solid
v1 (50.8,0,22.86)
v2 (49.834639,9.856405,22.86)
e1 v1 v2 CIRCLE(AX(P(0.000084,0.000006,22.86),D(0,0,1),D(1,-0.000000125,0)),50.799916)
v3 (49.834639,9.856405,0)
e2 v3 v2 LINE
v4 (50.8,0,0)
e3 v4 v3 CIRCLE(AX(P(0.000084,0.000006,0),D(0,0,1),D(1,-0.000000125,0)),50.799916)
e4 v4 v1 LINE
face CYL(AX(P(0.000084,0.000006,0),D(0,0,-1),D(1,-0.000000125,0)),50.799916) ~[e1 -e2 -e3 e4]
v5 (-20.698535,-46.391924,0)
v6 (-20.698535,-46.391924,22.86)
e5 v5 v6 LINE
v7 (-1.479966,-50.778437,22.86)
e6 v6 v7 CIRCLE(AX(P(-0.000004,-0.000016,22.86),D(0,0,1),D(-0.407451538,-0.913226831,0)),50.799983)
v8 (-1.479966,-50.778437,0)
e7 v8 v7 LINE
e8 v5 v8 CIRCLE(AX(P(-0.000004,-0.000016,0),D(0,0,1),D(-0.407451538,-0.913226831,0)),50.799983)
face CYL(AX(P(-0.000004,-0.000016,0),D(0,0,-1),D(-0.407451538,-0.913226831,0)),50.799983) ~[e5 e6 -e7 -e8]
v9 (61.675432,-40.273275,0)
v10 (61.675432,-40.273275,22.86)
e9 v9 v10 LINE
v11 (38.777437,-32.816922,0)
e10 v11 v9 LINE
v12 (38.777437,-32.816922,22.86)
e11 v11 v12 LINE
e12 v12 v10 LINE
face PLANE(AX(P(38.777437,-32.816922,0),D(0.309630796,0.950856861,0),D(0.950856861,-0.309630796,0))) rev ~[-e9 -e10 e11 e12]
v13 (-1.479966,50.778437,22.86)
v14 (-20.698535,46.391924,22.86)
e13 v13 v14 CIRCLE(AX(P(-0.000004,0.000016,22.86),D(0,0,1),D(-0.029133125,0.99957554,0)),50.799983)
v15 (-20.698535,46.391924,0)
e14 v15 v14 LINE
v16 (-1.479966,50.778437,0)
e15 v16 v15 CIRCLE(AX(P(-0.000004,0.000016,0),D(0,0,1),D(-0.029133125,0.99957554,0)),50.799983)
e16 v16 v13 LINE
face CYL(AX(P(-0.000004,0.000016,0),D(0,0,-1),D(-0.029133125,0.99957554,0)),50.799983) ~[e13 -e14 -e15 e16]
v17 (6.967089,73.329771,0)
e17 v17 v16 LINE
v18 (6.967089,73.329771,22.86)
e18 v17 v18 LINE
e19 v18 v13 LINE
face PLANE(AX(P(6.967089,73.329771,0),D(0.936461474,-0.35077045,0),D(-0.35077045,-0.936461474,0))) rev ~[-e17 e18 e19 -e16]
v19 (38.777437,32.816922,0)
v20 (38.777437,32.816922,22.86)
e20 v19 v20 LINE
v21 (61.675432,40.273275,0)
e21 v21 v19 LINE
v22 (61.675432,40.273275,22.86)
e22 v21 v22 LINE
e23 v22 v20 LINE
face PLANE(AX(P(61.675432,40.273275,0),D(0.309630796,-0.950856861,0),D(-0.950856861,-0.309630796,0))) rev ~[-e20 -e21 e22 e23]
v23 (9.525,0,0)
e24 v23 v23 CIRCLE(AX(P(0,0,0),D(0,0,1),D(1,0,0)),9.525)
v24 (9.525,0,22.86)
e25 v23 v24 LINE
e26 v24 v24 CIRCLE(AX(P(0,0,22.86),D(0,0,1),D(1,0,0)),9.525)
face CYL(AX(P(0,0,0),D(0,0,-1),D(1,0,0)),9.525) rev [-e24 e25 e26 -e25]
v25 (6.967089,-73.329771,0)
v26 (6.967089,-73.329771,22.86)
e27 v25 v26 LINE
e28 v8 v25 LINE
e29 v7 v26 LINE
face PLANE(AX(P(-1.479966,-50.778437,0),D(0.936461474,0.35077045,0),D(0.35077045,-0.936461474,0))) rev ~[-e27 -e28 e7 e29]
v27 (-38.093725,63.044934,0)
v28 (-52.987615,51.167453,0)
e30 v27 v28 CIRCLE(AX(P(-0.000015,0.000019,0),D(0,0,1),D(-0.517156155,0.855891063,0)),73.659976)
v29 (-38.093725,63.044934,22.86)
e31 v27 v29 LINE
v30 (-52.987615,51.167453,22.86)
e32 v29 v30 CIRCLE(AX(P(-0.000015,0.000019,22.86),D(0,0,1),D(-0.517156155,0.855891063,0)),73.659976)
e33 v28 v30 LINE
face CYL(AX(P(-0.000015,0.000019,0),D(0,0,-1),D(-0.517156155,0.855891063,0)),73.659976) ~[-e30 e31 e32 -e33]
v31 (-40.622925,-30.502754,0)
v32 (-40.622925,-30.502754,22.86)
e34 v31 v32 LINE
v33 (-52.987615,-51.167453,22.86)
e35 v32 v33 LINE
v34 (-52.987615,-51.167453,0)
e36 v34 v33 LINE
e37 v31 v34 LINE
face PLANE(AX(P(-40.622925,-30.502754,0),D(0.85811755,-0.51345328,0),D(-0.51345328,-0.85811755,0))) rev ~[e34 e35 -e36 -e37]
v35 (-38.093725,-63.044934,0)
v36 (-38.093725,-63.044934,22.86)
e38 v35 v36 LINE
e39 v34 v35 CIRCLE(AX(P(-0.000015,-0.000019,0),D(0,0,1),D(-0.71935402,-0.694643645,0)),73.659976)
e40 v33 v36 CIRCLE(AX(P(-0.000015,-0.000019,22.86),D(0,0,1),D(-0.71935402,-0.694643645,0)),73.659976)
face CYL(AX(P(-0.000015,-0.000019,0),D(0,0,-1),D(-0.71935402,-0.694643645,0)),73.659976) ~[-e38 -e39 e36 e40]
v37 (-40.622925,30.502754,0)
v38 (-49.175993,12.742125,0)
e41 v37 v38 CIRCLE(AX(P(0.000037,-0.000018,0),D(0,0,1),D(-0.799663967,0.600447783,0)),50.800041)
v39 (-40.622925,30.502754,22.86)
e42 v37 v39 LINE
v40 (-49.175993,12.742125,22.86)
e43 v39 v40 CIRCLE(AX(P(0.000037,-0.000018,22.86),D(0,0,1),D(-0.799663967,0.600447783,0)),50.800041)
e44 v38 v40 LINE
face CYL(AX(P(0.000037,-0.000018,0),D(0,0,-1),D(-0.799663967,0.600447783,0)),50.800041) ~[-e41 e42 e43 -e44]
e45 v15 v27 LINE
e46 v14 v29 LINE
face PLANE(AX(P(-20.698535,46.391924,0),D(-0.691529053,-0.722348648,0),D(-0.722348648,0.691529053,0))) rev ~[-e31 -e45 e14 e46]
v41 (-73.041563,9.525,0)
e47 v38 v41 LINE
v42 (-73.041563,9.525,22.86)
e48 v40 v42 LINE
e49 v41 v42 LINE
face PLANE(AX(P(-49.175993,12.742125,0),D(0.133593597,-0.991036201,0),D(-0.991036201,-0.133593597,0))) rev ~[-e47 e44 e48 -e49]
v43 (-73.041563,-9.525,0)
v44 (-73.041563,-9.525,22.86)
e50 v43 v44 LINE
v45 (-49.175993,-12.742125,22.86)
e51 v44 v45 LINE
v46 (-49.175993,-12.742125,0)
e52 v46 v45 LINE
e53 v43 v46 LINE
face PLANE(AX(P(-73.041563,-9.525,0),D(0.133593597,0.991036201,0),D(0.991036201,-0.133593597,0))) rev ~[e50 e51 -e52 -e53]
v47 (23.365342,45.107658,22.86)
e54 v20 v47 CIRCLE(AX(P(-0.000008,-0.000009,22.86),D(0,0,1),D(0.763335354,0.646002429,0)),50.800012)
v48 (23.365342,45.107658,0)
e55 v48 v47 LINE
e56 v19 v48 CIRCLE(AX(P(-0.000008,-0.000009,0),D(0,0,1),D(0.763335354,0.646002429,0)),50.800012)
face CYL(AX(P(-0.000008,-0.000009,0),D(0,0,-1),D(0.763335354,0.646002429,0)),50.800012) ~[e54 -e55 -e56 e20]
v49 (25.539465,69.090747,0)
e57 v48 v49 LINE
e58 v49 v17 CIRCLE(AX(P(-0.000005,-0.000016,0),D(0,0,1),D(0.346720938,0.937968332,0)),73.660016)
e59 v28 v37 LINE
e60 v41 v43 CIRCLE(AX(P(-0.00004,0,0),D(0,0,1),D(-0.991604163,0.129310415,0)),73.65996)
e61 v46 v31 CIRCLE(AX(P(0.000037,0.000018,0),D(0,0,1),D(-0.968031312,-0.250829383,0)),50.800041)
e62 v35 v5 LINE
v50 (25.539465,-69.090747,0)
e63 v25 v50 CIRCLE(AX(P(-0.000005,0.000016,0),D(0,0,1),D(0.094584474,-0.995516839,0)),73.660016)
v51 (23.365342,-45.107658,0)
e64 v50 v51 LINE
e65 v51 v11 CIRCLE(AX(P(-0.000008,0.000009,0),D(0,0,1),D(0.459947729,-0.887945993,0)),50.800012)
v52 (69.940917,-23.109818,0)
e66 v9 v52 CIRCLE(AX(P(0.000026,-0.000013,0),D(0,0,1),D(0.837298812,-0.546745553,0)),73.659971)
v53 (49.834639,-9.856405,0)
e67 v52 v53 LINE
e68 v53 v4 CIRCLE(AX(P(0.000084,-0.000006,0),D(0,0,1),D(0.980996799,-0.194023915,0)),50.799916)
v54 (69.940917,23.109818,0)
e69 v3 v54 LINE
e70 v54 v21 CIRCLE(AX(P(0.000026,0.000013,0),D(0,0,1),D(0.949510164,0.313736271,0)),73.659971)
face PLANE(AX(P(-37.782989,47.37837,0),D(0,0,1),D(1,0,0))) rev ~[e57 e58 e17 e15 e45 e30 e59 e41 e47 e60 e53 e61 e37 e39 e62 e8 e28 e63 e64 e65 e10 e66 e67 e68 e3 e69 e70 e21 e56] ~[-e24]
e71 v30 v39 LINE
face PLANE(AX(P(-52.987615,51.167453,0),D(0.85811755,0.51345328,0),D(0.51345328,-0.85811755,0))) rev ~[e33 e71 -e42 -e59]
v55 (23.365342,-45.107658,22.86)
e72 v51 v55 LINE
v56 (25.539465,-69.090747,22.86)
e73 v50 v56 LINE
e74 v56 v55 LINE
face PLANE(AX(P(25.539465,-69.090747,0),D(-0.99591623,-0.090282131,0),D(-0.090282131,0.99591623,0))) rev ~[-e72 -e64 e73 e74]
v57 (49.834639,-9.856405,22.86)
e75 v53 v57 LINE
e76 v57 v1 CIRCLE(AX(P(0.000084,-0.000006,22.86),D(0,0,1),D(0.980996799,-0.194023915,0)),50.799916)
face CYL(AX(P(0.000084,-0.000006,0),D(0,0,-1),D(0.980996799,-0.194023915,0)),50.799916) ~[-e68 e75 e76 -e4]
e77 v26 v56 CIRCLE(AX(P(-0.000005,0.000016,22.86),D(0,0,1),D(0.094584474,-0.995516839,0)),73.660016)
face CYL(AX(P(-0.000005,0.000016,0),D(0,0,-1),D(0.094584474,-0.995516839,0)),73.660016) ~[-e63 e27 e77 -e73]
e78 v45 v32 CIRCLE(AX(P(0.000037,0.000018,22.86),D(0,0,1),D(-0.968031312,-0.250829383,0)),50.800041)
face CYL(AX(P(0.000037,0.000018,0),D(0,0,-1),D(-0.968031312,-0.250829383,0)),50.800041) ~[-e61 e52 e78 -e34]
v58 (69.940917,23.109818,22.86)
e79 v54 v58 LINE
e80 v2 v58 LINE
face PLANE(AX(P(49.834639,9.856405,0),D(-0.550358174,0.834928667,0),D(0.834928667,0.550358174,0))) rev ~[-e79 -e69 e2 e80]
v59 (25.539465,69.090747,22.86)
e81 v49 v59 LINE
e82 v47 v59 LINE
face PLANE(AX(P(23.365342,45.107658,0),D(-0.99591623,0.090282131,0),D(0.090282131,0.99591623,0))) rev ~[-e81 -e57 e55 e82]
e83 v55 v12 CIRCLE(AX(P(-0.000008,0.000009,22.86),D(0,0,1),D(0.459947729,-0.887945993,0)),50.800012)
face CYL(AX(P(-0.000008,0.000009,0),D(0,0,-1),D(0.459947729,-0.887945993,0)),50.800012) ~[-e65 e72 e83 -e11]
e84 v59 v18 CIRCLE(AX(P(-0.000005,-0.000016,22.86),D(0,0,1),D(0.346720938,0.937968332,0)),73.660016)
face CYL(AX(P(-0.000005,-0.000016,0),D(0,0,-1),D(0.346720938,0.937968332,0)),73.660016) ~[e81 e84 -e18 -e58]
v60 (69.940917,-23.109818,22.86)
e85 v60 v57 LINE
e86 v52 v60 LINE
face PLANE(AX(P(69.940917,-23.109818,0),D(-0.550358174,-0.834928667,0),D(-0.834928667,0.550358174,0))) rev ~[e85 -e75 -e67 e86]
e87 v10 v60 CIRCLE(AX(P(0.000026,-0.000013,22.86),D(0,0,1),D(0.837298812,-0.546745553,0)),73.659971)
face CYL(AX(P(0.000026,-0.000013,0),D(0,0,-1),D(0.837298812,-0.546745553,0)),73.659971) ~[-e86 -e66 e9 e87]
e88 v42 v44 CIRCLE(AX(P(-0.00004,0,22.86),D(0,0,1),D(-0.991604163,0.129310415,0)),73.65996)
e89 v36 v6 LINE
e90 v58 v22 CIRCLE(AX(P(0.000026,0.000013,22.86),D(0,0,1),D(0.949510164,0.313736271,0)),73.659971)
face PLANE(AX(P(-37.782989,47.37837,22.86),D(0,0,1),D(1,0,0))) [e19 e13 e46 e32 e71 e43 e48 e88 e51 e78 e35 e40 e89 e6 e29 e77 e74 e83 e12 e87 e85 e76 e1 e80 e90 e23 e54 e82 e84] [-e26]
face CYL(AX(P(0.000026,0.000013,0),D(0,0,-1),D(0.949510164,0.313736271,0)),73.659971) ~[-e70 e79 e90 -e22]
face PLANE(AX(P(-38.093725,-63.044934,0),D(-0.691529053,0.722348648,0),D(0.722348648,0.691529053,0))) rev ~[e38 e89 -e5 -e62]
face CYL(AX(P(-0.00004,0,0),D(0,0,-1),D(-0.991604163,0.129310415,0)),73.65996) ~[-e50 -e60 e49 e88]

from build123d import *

# Parameters (mm, degrees)
F0_R     = 9.525
F1_DEPTH = 22.86


with BuildPart() as f1:
    # F0 (on Top) → F1 (new body)
    with BuildSketch(Plane.XY):
        with BuildLine():
            ThreePointArc((-40.622925, 30.502754), (-31.673282, 39.717039), (-20.698535, 46.391924))
            Line((-20.698535, 46.391924), (-38.093725, 63.044934))
            ThreePointArc((-38.093725, 63.044934), (-45.926259, 57.589707), (-52.987615, 51.167453))
            Line((-52.987615, 51.167453), (-40.622925, 30.502754))
        make_face()
        with BuildLine():
            Line((-18.179524, 43.980389), (-20.698535, 46.391924))
            ThreePointArc((-20.698535, 46.391924), (-31.673282, 39.717039), (-40.622925, 30.502754))
            Line((-40.622925, 30.502754), (-38.832384, 27.510282))
            Line((-38.832384, 27.510282), (-28.505954, 35.745335))
            Line((-28.505954, 35.745335), (-18.179524, 43.980389))
        make_face()
        with BuildLine():
            ThreePointArc((49.834639, -9.856405), (50.558084, -4.951784), (50.8, 0))
            ThreePointArc((50.8, 0), (50.558084, 4.951784), (49.834639, 9.856405))
            Line((49.834639, 9.856405), (46.923033, 7.937168))
            Line((46.923033, 7.937168), (41.192297, 19.837165))
            Line((41.192297, 19.837165), (35.46156, 31.737161))
            Line((35.46156, 31.737161), (38.777437, 32.816922))
            ThreePointArc((38.777437, 32.816922), (31.673282, 39.717039), (23.365342, 45.107658))
            Line((23.365342, 45.107658), (23.050505, 41.634648))
            Line((23.050505, 41.634648), (10.173657, 44.573704))
            Line((10.173657, 44.573704), (-2.703191, 47.512761))
            Line((-2.703191, 47.512761), (-1.479966, 50.778437))
            ThreePointArc((-1.479966, 50.778437), (-11.304063, 49.526338), (-20.698535, 46.391924))
            Line((-20.698535, 46.391924), (-18.179524, 43.980389))
            Line((-18.179524, 43.980389), (-28.505954, 35.745335))
            Line((-28.505954, 35.745335), (-38.832384, 27.510282))
            Line((-38.832384, 27.510282), (-40.622925, 30.502754))
            ThreePointArc((-40.622925, 30.502754), (-45.769218, 22.041294), (-49.175993, 12.742125))
            Line((-49.175993, 12.742125), (-45.72, 13.208))
            Line((-45.72, 13.208), (-45.72, 0))
            Line((-45.72, 0), (-45.72, -13.208))
            Line((-45.72, -13.208), (-49.175993, -12.742125))
            ThreePointArc((-49.175993, -12.742125), (-45.769218, -22.041294), (-40.622925, -30.502754))
            Line((-40.622925, -30.502754), (-38.832384, -27.510282))
            Line((-38.832384, -27.510282), (-28.505954, -35.745335))
            Line((-28.505954, -35.745335), (-18.179524, -43.980389))
            Line((-18.179524, -43.980389), (-20.698535, -46.391924))
            ThreePointArc((-20.698535, -46.391924), (-11.304063, -49.526338), (-1.479966, -50.778437))
            Line((-1.479966, -50.778437), (-2.703191, -47.512761))
            Line((-2.703191, -47.512761), (10.173657, -44.573704))
            Line((10.173657, -44.573704), (23.050505, -41.634648))
            Line((23.050505, -41.634648), (23.365342, -45.107658))
            ThreePointArc((23.365342, -45.107658), (31.673282, -39.717039), (38.777437, -32.816922))
            Line((38.777437, -32.816922), (35.46156, -31.737161))
            Line((35.46156, -31.737161), (41.192297, -19.837165))
            Line((41.192297, -19.837165), (46.923033, -7.937168))
            Line((46.923033, -7.937168), (49.834639, -9.856405))
        make_face()
        Circle(F0_R, mode=Mode.SUBTRACT)
        with BuildLine():
            ThreePointArc((-1.479966, 50.778437), (11.304063, 49.526338), (23.365342, 45.107658))
            Line((23.365342, 45.107658), (25.539465, 69.090747))
            ThreePointArc((25.539465, 69.090747), (16.390892, 71.81319), (6.967089, 73.329771))
            Line((6.967089, 73.329771), (-1.479966, 50.778437))
        make_face()
        with BuildLine():
            Line((46.923033, 7.937168), (49.834639, 9.856405))
            ThreePointArc((49.834639, 9.856405), (45.769218, 22.041294), (38.777437, 32.816922))
            Line((38.777437, 32.816922), (35.46156, 31.737161))
            Line((35.46156, 31.737161), (41.192297, 19.837165))
            Line((41.192297, 19.837165), (46.923033, 7.937168))
        make_face()
        with BuildLine():
            ThreePointArc((38.777437, 32.816922), (45.769218, 22.041294), (49.834639, 9.856405))
            Line((49.834639, 9.856405), (69.940917, 23.109818))
            ThreePointArc((69.940917, 23.109818), (66.365367, 31.959876), (61.675432, 40.273275))
            Line((61.675432, 40.273275), (38.777437, 32.816922))
        make_face()
        with BuildLine():
            Line((23.050505, 41.634648), (23.365342, 45.107658))
            ThreePointArc((23.365342, 45.107658), (11.304063, 49.526338), (-1.479966, 50.778437))
            Line((-1.479966, 50.778437), (-2.703191, 47.512761))
            Line((-2.703191, 47.512761), (10.173657, 44.573704))
            Line((10.173657, 44.573704), (23.050505, 41.634648))
        make_face()
        with BuildLine():
            ThreePointArc((38.777437, -32.816922), (45.769218, -22.041294), (49.834639, -9.856405))
            Line((49.834639, -9.856405), (46.923033, -7.937168))
            Line((46.923033, -7.937168), (41.192297, -19.837165))
            Line((41.192297, -19.837165), (35.46156, -31.737161))
            Line((35.46156, -31.737161), (38.777437, -32.816922))
        make_face()
        with BuildLine():
            Line((69.940917, -23.109818), (49.834639, -9.856405))
            ThreePointArc((49.834639, -9.856405), (45.769218, -22.041294), (38.777437, -32.816922))
            Line((38.777437, -32.816922), (61.675432, -40.273275))
            ThreePointArc((61.675432, -40.273275), (66.365367, -31.959876), (69.940917, -23.109818))
        make_face()
        with BuildLine():
            ThreePointArc((-1.479966, -50.778437), (11.304063, -49.526338), (23.365342, -45.107658))
            Line((23.365342, -45.107658), (23.050505, -41.634648))
            Line((23.050505, -41.634648), (10.173657, -44.573704))
            Line((10.173657, -44.573704), (-2.703191, -47.512761))
            Line((-2.703191, -47.512761), (-1.479966, -50.778437))
        make_face()
        with BuildLine():
            Line((25.539465, -69.090747), (23.365342, -45.107658))
            ThreePointArc((23.365342, -45.107658), (11.304063, -49.526338), (-1.479966, -50.778437))
            Line((-1.479966, -50.778437), (6.967089, -73.329771))
            ThreePointArc((6.967089, -73.329771), (16.390892, -71.81319), (25.539465, -69.090747))
        make_face()
        with BuildLine():
            ThreePointArc((-40.622925, -30.502754), (-31.673282, -39.717039), (-20.698535, -46.391924))
            Line((-20.698535, -46.391924), (-18.179524, -43.980389))
            Line((-18.179524, -43.980389), (-28.505954, -35.745335))
            Line((-28.505954, -35.745335), (-38.832384, -27.510282))
            Line((-38.832384, -27.510282), (-40.622925, -30.502754))
        make_face()
        with BuildLine():
            Line((-38.093725, -63.044934), (-20.698535, -46.391924))
            ThreePointArc((-20.698535, -46.391924), (-31.673282, -39.717039), (-40.622925, -30.502754))
            Line((-40.622925, -30.502754), (-52.987615, -51.167453))
            ThreePointArc((-52.987615, -51.167453), (-45.926259, -57.589707), (-38.093725, -63.044934))
        make_face()
        with BuildLine():
            Line((-45.72, 13.208), (-49.175993, 12.742125))
            ThreePointArc((-49.175993, 12.742125), (-50.8, 0), (-49.175993, -12.742125))
            Line((-49.175993, -12.742125), (-45.72, -13.208))
            Line((-45.72, -13.208), (-45.72, 0))
            Line((-45.72, 0), (-45.72, 13.208))
        make_face()
        with BuildLine():
            ThreePointArc((-49.175993, -12.742125), (-50.8, 0), (-49.175993, 12.742125))
            Line((-49.175993, 12.742125), (-73.041563, 9.525))
            ThreePointArc((-73.041563, 9.525), (-73.66, 0), (-73.041563, -9.525))
            Line((-73.041563, -9.525), (-49.175993, -12.742125))
        make_face()
    extrude(amount=F1_DEPTH)


solid = f1.part
